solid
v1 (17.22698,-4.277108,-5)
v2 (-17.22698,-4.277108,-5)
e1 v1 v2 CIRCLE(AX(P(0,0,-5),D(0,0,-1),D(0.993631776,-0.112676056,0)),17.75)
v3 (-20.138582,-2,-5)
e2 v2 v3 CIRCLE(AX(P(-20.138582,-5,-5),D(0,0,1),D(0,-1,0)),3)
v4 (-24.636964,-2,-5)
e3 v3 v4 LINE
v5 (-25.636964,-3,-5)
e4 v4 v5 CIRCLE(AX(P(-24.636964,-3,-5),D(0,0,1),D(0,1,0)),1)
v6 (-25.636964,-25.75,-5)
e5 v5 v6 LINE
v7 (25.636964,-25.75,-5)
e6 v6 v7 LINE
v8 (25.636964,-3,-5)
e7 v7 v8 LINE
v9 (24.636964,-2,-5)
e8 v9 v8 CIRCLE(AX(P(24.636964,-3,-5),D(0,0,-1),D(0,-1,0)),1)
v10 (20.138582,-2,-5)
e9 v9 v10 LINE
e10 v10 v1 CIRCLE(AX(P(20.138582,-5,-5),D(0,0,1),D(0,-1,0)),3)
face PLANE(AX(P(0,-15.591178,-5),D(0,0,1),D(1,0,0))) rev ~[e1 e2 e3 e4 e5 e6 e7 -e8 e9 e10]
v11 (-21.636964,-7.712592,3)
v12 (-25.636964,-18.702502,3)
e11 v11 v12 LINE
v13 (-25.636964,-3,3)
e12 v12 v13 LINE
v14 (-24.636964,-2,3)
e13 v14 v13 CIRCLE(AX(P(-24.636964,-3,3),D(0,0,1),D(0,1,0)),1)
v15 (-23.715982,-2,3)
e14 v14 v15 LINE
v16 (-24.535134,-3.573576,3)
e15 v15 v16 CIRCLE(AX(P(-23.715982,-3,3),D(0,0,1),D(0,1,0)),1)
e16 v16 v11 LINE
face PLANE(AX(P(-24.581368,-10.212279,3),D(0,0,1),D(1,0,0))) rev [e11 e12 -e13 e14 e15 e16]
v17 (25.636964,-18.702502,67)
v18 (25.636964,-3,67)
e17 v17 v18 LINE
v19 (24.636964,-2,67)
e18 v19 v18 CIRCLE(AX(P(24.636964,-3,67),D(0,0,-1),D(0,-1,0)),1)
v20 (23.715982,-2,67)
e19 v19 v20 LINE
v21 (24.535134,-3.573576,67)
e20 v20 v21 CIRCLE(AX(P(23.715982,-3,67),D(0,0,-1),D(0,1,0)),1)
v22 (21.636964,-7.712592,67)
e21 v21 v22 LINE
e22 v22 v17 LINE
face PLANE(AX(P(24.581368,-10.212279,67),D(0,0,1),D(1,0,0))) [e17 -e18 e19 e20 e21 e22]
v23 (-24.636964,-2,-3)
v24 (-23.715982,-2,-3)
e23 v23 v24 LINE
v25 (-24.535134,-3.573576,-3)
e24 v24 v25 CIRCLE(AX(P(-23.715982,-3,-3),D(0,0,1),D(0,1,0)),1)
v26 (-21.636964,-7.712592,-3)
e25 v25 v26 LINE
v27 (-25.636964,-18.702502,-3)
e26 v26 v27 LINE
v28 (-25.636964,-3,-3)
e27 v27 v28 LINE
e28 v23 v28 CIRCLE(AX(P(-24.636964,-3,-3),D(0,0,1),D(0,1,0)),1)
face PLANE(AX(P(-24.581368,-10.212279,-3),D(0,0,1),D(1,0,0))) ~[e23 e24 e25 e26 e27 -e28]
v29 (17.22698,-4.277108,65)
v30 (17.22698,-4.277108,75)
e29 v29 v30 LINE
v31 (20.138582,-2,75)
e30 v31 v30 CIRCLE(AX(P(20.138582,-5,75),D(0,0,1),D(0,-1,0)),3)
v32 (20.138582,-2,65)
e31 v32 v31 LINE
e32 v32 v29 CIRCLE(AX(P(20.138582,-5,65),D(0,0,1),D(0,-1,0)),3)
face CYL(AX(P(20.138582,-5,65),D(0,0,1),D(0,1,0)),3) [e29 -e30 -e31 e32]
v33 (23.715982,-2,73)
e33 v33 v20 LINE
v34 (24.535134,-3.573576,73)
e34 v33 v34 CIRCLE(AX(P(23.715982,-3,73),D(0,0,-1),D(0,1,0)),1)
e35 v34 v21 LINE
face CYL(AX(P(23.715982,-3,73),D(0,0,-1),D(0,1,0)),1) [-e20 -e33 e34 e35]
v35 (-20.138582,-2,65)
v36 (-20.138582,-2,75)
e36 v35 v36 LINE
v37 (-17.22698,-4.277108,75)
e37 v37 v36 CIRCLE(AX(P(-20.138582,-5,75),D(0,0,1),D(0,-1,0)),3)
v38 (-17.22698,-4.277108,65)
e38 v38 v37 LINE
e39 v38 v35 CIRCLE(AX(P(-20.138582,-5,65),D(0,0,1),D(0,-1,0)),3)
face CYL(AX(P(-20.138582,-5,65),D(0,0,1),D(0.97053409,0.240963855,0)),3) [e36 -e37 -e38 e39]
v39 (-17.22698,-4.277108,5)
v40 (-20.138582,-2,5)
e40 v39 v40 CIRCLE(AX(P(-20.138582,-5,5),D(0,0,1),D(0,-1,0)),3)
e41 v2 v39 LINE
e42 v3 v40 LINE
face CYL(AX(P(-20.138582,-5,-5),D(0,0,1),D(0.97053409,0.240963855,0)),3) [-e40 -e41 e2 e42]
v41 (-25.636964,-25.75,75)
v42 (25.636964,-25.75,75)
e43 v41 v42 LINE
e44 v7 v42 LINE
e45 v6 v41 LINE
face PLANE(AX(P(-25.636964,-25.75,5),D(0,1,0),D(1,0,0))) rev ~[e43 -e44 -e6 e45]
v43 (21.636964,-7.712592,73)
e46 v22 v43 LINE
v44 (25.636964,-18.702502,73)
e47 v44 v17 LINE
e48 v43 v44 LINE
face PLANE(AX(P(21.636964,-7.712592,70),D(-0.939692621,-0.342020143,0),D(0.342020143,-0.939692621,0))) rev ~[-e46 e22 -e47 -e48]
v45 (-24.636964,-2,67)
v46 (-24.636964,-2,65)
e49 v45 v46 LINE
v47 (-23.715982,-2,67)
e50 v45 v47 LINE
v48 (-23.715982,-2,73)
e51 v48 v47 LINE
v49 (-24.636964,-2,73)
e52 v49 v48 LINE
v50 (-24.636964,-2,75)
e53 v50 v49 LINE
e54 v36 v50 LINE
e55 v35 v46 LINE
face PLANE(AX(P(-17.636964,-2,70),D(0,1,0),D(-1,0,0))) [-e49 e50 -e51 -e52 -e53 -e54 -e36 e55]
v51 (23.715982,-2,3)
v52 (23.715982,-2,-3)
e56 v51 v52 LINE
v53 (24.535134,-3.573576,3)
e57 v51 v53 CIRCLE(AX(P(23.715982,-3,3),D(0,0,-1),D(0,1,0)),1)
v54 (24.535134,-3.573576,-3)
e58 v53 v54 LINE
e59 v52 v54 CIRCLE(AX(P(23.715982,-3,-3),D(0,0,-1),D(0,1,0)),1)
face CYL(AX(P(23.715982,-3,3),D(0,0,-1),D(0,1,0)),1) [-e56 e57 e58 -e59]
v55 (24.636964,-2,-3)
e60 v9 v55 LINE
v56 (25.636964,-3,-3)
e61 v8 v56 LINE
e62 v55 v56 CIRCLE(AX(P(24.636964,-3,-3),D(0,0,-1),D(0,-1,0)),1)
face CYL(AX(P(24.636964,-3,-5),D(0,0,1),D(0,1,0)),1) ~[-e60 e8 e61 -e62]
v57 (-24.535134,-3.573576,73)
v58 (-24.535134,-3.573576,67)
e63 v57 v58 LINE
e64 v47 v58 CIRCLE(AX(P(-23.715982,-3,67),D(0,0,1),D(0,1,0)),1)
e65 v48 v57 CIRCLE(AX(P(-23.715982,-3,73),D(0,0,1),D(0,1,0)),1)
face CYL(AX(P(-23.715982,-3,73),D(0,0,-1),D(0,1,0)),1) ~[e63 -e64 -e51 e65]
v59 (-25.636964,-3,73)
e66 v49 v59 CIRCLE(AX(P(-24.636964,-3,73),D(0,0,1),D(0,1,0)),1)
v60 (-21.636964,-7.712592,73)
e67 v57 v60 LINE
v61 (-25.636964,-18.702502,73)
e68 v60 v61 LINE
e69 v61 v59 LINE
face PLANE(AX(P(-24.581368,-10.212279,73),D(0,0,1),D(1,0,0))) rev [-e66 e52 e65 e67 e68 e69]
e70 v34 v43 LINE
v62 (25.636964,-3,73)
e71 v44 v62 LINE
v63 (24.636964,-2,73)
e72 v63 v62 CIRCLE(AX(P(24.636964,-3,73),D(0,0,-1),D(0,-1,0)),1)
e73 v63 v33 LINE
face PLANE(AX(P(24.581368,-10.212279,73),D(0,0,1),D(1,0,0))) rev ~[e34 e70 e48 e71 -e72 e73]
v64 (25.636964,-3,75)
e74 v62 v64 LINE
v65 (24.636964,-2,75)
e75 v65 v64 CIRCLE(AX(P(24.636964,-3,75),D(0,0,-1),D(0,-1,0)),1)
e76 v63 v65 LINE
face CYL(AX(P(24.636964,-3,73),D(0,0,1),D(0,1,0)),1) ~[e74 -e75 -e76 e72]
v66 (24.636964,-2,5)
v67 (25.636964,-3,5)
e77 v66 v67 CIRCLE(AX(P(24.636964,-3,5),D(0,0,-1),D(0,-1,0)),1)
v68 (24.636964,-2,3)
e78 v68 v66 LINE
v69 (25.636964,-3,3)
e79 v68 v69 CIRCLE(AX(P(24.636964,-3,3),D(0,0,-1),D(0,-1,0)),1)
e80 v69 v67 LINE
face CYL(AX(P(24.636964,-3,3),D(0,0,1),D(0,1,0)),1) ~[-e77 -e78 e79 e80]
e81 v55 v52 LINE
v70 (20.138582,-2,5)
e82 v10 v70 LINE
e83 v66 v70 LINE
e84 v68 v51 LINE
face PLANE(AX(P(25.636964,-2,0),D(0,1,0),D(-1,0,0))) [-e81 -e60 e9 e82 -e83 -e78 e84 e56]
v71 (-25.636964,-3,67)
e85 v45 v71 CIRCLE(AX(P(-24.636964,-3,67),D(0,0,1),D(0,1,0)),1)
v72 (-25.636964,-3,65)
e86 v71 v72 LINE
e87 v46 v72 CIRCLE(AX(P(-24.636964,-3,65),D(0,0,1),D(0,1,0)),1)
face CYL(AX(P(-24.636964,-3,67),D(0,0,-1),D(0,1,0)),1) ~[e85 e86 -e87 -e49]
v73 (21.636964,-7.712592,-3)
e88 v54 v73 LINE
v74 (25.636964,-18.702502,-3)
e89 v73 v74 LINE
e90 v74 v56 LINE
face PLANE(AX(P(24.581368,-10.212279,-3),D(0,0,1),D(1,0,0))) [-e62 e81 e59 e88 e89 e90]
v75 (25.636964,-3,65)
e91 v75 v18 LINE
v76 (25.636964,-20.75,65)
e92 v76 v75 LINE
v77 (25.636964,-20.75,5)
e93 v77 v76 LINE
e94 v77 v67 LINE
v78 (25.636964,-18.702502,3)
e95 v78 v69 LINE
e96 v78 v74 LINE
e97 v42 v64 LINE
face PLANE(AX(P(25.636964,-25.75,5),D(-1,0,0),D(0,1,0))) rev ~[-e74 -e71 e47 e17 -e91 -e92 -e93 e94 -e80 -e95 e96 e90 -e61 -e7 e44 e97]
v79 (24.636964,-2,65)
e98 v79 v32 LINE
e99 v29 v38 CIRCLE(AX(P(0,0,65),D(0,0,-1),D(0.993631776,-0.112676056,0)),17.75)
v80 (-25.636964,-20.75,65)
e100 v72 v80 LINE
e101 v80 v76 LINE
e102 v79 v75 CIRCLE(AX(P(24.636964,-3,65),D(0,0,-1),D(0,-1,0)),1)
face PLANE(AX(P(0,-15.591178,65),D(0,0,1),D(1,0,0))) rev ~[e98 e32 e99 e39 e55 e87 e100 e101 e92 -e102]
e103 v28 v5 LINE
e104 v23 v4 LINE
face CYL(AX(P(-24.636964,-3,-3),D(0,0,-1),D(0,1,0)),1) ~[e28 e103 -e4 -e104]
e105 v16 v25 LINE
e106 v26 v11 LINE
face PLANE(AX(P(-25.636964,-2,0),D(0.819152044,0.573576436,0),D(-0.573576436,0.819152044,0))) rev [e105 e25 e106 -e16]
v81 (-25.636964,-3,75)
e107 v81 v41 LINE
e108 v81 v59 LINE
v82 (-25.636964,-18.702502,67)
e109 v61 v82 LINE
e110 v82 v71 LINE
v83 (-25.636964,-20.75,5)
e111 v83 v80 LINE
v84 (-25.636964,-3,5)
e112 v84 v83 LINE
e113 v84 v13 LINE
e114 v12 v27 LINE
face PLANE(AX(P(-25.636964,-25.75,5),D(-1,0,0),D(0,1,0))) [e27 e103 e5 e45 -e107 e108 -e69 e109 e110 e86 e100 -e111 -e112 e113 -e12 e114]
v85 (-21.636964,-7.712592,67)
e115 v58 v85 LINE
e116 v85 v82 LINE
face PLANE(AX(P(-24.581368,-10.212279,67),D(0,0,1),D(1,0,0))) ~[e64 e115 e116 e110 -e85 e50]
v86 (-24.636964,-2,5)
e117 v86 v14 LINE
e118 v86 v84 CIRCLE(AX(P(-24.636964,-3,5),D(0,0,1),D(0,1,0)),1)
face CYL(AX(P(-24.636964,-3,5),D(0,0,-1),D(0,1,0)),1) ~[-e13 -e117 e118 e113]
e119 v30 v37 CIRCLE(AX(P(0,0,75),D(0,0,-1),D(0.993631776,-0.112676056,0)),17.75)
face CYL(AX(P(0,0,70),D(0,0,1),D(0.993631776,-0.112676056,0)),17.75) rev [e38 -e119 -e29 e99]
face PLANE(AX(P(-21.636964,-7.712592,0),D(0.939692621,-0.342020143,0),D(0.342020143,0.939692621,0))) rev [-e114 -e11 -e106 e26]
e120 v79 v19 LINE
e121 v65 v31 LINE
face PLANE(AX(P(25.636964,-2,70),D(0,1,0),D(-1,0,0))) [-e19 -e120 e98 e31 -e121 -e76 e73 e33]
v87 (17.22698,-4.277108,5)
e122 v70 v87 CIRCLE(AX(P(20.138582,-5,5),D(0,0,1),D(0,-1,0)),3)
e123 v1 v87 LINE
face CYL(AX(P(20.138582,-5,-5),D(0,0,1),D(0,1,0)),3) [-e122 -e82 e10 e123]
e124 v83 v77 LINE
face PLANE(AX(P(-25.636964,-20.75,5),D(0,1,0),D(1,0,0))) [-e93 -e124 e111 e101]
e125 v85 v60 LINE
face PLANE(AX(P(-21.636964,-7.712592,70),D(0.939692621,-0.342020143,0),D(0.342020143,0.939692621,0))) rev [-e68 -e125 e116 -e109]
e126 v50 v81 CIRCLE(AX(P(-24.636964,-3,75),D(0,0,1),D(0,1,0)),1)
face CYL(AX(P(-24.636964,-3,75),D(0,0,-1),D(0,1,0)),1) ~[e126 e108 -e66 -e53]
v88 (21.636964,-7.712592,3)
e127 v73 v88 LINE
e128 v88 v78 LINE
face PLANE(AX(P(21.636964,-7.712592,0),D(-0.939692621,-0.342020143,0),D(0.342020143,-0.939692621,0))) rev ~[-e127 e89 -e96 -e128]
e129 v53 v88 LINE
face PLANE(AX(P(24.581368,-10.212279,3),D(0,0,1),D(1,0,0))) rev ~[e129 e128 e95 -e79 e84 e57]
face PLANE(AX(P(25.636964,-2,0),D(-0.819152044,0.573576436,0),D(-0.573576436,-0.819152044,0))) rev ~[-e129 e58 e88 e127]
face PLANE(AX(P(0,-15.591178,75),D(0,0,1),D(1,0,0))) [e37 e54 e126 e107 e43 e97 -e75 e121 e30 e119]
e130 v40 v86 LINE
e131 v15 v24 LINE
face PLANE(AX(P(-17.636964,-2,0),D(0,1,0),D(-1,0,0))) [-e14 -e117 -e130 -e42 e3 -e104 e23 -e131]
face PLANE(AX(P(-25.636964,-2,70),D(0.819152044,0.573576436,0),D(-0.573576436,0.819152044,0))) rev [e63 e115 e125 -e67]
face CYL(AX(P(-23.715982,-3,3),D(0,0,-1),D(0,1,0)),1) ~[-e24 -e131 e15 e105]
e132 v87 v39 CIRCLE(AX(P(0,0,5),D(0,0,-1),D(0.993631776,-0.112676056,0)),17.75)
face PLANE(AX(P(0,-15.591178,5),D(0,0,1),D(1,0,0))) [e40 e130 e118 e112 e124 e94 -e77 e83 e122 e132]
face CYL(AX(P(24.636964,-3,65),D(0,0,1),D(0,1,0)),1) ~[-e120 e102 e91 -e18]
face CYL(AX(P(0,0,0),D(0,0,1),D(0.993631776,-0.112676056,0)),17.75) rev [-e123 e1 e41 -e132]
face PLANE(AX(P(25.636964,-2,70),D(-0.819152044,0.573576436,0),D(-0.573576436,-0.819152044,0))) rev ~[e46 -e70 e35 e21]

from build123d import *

# Parameters (mm, degrees)
BOSS_EXTRUDE1_DEPTH = 5
CUT_EXTRUDE1_DEPTH  = 3
FILLET2_R           = 1
FILLET3_R           = 1
FILLET4_R           = 3
LPATTERN1_COUNT     = 2
LPATTERN1_PITCH     = 70
BOSS_EXTRUDE2_REACH = 80.869
SKETCH3_W           = 51.273928048
SKETCH3_H           = 5


with BuildPart() as part:
    # Sketch1 → Boss-Extrude1 (new, symmetric)
    with BuildSketch(Plane.XY):
        with BuildLine():
            Line((25.636964024, -25.75), (25.636964024, -2))
            Line((25.636964024, -2), (17.636964024, -2))
            ThreePointArc((17.636964024, -2), (0, -17.75), (-17.636964024, -2))
            Line((-17.636964024, -2), (-25.636964024, -2))
            Line((-25.636964024, -2), (-25.636964024, -25.75))
            Line((-25.636964024, -25.75), (25.636964024, -25.75))
        make_face()
    extrude(amount=BOSS_EXTRUDE1_DEPTH, both=True)

    # Sketch2 → Cut-Extrude1 (cut, symmetric)
    with BuildSketch(Plane.XY):
        Polygon((25.636964024, -2), (21.636964024, -7.712592027), (25.636964024, -18.702501705), align=None)
    cut_extrude1 = extrude(amount=CUT_EXTRUDE1_DEPTH, both=True, mode=Mode.SUBTRACT)

    # Mirror4: Cut-Extrude1 across plane
    add(cut_extrude1.mirror(Plane(origin=(0, 0, 0), x_dir=(0, 0, 1), z_dir=(1, 0, 0))), mode=Mode.SUBTRACT)

    # Fillet2
    fillet2_edges = [part.edges().sort_by_distance(p)[0] for p in [
        (25.636964024, -2, 0),
        (-25.636964024, -2, 0),
    ]]
    fillet(fillet2_edges, radius=FILLET2_R)

    # Fillet3
    fillet3_edges = [part.edges().sort_by_distance(p)[0] for p in [
        (25.636964024, -2, 4),
        (-25.636964024, -2, 4),
        (25.636964024, -2, -4),
        (-25.636964024, -2, -4),
    ]]
    fillet(fillet3_edges, radius=FILLET3_R)

    # Fillet4
    fillet4_edges = [part.edges().sort_by_distance(p)[0] for p in [
        (-17.636964024, -2, 0),
        (17.636964024, -2, 0),
    ]]
    fillet(fillet4_edges, radius=FILLET4_R)


with BuildPart() as lpattern1_1:
    # LPattern1: pattern copy
    add(part.part.moved(Location(Vector(0, 0, 1) * (1 * LPATTERN1_PITCH))))

    # Sketch3 → Boss-Extrude2 (add, up to next)
    with BuildSketch(Plane.XY.offset(5), mode=Mode.PRIVATE) as boss_extrude2_sk1:
        with Locations((0, -23.25)):
            Rectangle(SKETCH3_W, SKETCH3_H)
    boss_extrude2_tool1 = extrude(boss_extrude2_sk1.sketch, amount=BOSS_EXTRUDE2_REACH, mode=Mode.PRIVATE) - lpattern1_1.part

    add(part.part)  # Boss-Extrude2 merges part
    add(boss_extrude2_tool1.solids().sort_by_distance((0, -23.25, 5))[0])


solid = lpattern1_1.part
